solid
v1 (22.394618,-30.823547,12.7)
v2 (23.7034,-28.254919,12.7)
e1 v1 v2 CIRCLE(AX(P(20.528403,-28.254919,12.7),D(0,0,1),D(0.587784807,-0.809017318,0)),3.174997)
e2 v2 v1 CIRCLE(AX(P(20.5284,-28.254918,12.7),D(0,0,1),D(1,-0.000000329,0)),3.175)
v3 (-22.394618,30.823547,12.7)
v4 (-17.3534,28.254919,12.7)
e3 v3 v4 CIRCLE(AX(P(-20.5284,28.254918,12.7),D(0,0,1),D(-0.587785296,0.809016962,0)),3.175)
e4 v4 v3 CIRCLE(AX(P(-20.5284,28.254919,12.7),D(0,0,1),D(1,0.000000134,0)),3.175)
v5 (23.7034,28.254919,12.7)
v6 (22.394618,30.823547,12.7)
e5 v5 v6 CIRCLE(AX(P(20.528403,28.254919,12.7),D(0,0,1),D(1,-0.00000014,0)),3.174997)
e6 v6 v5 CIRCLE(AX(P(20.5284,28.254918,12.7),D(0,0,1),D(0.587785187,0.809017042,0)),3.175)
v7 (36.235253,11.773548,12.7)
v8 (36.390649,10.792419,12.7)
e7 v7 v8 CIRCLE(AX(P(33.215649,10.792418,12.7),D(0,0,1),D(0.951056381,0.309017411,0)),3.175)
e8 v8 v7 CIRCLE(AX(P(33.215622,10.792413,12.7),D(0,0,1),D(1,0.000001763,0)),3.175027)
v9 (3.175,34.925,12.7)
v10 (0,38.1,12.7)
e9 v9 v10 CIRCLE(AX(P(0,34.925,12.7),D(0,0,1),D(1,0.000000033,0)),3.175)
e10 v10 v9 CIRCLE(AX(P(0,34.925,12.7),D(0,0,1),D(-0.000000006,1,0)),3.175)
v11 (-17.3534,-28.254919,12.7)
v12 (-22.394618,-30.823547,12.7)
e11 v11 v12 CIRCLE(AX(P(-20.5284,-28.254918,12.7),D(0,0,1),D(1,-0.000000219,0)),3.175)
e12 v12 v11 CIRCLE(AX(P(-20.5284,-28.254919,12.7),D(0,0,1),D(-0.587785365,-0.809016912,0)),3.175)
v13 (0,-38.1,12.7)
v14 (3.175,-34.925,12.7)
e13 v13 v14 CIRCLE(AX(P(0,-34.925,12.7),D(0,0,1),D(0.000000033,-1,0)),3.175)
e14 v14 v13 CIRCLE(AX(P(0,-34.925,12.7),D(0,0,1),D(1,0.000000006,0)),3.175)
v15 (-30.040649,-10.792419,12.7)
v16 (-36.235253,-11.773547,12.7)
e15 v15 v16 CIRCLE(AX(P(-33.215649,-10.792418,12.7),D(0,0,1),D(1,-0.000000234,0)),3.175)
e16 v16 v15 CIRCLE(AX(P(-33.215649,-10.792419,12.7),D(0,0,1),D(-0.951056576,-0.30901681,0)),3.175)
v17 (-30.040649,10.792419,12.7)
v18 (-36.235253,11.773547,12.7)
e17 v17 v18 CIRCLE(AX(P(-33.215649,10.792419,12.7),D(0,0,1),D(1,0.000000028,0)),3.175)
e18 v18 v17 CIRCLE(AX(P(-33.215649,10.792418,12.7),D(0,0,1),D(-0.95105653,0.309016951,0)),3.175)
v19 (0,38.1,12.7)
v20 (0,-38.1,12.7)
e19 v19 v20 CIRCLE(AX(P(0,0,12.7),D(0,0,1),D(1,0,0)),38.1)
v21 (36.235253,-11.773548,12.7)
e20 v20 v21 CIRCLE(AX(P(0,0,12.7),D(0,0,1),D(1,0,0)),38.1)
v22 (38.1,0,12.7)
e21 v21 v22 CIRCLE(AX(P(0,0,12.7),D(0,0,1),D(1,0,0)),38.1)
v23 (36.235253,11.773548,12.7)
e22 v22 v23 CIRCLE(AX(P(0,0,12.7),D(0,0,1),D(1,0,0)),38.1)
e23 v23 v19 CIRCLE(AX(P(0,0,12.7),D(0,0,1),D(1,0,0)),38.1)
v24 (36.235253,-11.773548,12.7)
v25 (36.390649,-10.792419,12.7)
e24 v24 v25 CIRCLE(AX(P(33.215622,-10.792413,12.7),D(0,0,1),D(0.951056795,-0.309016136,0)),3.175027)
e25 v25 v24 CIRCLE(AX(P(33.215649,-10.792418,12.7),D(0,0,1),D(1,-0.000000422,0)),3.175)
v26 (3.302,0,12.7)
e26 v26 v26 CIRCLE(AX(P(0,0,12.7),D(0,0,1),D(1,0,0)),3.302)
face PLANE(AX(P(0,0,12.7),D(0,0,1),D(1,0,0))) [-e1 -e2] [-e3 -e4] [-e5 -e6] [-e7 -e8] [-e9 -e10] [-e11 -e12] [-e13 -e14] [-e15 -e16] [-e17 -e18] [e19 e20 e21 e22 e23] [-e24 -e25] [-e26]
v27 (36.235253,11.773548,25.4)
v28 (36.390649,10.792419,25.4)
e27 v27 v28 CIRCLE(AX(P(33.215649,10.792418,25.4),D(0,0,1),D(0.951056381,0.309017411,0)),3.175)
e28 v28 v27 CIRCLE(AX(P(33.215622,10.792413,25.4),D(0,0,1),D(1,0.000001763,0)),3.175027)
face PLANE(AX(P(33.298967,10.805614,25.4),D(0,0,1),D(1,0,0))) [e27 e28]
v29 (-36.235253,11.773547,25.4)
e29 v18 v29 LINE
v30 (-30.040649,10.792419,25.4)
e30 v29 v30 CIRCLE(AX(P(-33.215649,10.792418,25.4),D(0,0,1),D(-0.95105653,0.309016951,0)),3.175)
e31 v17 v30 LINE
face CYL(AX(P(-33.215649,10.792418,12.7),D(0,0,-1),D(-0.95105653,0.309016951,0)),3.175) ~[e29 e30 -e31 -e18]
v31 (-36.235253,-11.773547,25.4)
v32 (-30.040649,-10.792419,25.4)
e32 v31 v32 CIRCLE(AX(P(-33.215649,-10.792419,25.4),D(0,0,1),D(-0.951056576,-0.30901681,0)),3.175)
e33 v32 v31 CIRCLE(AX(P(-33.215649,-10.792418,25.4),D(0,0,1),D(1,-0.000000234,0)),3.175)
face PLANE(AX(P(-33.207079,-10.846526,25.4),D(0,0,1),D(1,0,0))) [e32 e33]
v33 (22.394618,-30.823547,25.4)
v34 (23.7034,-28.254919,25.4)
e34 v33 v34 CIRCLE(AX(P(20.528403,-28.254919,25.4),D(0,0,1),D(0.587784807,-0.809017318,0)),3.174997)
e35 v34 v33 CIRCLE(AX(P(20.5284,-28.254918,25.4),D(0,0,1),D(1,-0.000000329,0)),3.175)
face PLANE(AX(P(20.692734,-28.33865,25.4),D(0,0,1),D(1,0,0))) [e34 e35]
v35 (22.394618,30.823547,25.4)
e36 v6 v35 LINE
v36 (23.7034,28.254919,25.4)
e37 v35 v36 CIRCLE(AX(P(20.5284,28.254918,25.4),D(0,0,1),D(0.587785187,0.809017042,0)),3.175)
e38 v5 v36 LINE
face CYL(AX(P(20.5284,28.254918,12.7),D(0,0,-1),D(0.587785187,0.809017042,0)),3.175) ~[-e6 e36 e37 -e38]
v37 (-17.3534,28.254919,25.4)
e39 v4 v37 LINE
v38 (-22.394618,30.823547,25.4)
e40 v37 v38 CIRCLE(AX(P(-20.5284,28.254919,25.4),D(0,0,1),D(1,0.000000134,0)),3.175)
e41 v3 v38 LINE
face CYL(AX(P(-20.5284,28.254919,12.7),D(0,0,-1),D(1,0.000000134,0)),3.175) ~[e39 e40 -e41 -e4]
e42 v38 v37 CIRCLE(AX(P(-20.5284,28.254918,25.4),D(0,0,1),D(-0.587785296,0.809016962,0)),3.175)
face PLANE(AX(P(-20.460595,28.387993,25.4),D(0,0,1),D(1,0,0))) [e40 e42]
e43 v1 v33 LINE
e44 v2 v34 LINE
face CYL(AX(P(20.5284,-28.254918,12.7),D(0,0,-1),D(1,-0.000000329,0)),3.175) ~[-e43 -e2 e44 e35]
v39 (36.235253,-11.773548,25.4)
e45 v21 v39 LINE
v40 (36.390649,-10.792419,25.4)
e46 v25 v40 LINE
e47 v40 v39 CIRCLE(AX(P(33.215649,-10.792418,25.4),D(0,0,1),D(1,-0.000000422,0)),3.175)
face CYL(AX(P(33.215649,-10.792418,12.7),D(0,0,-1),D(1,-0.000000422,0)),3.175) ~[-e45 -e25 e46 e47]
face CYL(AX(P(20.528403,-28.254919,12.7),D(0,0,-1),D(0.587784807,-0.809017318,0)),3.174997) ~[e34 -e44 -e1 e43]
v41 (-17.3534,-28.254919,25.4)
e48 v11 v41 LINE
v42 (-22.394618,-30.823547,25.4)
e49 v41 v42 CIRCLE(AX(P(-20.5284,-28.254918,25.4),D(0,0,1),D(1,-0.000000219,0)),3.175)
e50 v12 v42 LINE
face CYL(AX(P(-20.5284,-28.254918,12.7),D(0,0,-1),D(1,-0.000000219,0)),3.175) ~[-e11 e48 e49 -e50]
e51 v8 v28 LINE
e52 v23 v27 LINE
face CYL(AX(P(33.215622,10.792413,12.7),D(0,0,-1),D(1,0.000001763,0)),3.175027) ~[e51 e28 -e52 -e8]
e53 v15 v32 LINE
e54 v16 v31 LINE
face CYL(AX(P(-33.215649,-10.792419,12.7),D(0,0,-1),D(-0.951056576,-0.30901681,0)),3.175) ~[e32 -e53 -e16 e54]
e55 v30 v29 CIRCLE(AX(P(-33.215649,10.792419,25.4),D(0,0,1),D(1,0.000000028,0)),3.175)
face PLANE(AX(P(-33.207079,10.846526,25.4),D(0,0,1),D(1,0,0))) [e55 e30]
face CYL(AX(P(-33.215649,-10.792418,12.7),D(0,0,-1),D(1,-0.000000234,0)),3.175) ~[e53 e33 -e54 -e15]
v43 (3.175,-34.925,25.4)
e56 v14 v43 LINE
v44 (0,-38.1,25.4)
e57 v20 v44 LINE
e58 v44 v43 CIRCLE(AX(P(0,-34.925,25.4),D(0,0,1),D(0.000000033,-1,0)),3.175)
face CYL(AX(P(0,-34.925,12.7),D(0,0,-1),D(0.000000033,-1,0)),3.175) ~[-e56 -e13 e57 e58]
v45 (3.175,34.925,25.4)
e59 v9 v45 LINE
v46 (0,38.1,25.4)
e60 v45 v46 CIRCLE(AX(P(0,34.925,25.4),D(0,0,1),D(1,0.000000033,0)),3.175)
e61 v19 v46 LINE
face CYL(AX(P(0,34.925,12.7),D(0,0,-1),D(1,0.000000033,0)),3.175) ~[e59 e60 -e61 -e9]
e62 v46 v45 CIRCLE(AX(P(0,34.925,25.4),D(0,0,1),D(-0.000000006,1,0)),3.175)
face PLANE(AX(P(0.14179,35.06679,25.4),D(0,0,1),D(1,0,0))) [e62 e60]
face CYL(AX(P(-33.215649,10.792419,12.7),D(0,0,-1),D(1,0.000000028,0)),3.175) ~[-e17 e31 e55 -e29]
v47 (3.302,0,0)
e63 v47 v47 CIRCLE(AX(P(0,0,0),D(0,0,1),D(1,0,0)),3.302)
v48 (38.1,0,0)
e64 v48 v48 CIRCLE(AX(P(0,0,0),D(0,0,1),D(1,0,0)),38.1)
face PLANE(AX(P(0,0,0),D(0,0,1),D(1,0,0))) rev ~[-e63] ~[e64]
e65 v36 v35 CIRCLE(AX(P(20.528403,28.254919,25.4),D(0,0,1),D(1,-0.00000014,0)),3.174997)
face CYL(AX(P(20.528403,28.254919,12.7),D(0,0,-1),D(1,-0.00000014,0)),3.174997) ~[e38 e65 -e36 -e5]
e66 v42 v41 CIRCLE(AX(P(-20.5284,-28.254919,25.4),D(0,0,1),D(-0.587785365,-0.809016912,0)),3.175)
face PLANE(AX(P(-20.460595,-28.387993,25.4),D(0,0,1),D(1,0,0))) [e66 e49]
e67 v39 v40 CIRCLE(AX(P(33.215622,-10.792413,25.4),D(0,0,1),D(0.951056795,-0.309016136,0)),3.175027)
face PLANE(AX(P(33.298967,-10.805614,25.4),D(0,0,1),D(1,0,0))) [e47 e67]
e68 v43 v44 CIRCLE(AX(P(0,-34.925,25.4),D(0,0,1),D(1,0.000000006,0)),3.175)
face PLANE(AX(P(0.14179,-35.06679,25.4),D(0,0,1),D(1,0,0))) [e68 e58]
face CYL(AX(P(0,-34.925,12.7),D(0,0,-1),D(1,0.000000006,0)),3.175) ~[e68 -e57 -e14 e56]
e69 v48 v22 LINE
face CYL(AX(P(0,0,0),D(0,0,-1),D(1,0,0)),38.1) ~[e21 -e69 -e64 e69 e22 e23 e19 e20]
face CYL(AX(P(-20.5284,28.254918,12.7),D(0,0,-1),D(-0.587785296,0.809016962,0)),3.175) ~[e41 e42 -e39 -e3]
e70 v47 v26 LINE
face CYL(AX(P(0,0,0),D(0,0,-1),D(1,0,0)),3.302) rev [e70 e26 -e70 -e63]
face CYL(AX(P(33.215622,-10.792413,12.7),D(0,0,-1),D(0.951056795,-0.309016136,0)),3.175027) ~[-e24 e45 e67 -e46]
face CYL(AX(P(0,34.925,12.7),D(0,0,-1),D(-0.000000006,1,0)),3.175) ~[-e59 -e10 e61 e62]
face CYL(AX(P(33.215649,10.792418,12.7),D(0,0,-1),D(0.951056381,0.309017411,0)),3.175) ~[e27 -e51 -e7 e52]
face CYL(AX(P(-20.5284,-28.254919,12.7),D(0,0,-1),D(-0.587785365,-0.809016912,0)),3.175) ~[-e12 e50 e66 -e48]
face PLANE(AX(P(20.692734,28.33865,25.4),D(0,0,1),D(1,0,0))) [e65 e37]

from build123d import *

# Parameters (mm, degrees)
F0_R     = 38.1
F0_R_2   = 3.302
F1_DEPTH = 12.7
F3_DEPTH = 12.7
F4_DEPTH = 12.7


with BuildPart() as f1:
    # F0 (on Top) → F1 (new body)
    with BuildSketch(Plane.XY):
        Circle(F0_R)
        Circle(F0_R_2, mode=Mode.SUBTRACT)
    extrude(amount=F1_DEPTH)

    # F2 (on face) → F3 (join)
    with BuildSketch(Plane.XY.offset(12.7)):
        with BuildLine():
            ThreePointArc((23.7034, 28.254919), (23.357346, 29.696338), (22.394618, 30.823547))
            ThreePointArc((22.394618, 30.823547), (17.699454, 26.813499), (23.7034, 28.254919))
        make_face()
        with BuildLine():
            ThreePointArc((36.390649, 10.792419), (36.351559, 11.289098), (36.235253, 11.773548))
            ThreePointArc((36.235253, 11.773548), (30.079738, 10.295739), (36.390649, 10.792419))
        make_face()
        with BuildLine():
            ThreePointArc((36.390649, -10.792419), (30.079738, -10.295739), (36.235253, -11.773548))
            ThreePointArc((36.235253, -11.773548), (36.351559, -11.289098), (36.390649, -10.792419))
        make_face()
        with BuildLine():
            ThreePointArc((23.7034, -28.254919), (17.699454, -26.813499), (22.394618, -30.823547))
            ThreePointArc((22.394618, -30.823547), (23.357346, -29.696338), (23.7034, -28.254919))
        make_face()
    extrude(amount=F3_DEPTH)

    # F2 (on face) → F4 (join)
    with BuildSketch(Plane.XY.offset(12.7)):
        with BuildLine():
            ThreePointArc((0, 38.1), (-2.245064, 32.679936), (3.175, 34.925))
            ThreePointArc((3.175, 34.925), (2.245064, 37.170064), (0, 38.1))
        make_face()
        with BuildLine():
            ThreePointArc((-17.3534, 28.254919), (-19.08698, 31.083864), (-22.394618, 30.823547))
            ThreePointArc((-22.394618, 30.823547), (-21.96982, 25.425973), (-17.3534, 28.254919))
        make_face()
        with BuildLine():
            ThreePointArc((-30.040649, 10.792419), (-32.718969, 13.928329), (-36.235253, 11.773547))
            ThreePointArc((-36.235253, 11.773547), (-33.712328, 7.656508), (-30.040649, 10.792419))
        make_face()
        with BuildLine():
            ThreePointArc((-30.040649, -10.792419), (-33.712328, -7.656508), (-36.235253, -11.773547))
            ThreePointArc((-36.235253, -11.773547), (-32.71897, -13.928329), (-30.040649, -10.792419))
        make_face()
        with BuildLine():
            ThreePointArc((-17.3534, -28.254919), (-21.96982, -25.425973), (-22.394618, -30.823547))
            ThreePointArc((-22.394618, -30.823547), (-19.08698, -31.083864), (-17.3534, -28.254919))
        make_face()
        with BuildLine():
            ThreePointArc((3.175, -34.925), (-2.245064, -32.679936), (0, -38.1))
            ThreePointArc((0, -38.1), (2.245064, -37.170064), (3.175, -34.925))
        make_face()
    extrude(amount=F4_DEPTH)


solid = f1.part
